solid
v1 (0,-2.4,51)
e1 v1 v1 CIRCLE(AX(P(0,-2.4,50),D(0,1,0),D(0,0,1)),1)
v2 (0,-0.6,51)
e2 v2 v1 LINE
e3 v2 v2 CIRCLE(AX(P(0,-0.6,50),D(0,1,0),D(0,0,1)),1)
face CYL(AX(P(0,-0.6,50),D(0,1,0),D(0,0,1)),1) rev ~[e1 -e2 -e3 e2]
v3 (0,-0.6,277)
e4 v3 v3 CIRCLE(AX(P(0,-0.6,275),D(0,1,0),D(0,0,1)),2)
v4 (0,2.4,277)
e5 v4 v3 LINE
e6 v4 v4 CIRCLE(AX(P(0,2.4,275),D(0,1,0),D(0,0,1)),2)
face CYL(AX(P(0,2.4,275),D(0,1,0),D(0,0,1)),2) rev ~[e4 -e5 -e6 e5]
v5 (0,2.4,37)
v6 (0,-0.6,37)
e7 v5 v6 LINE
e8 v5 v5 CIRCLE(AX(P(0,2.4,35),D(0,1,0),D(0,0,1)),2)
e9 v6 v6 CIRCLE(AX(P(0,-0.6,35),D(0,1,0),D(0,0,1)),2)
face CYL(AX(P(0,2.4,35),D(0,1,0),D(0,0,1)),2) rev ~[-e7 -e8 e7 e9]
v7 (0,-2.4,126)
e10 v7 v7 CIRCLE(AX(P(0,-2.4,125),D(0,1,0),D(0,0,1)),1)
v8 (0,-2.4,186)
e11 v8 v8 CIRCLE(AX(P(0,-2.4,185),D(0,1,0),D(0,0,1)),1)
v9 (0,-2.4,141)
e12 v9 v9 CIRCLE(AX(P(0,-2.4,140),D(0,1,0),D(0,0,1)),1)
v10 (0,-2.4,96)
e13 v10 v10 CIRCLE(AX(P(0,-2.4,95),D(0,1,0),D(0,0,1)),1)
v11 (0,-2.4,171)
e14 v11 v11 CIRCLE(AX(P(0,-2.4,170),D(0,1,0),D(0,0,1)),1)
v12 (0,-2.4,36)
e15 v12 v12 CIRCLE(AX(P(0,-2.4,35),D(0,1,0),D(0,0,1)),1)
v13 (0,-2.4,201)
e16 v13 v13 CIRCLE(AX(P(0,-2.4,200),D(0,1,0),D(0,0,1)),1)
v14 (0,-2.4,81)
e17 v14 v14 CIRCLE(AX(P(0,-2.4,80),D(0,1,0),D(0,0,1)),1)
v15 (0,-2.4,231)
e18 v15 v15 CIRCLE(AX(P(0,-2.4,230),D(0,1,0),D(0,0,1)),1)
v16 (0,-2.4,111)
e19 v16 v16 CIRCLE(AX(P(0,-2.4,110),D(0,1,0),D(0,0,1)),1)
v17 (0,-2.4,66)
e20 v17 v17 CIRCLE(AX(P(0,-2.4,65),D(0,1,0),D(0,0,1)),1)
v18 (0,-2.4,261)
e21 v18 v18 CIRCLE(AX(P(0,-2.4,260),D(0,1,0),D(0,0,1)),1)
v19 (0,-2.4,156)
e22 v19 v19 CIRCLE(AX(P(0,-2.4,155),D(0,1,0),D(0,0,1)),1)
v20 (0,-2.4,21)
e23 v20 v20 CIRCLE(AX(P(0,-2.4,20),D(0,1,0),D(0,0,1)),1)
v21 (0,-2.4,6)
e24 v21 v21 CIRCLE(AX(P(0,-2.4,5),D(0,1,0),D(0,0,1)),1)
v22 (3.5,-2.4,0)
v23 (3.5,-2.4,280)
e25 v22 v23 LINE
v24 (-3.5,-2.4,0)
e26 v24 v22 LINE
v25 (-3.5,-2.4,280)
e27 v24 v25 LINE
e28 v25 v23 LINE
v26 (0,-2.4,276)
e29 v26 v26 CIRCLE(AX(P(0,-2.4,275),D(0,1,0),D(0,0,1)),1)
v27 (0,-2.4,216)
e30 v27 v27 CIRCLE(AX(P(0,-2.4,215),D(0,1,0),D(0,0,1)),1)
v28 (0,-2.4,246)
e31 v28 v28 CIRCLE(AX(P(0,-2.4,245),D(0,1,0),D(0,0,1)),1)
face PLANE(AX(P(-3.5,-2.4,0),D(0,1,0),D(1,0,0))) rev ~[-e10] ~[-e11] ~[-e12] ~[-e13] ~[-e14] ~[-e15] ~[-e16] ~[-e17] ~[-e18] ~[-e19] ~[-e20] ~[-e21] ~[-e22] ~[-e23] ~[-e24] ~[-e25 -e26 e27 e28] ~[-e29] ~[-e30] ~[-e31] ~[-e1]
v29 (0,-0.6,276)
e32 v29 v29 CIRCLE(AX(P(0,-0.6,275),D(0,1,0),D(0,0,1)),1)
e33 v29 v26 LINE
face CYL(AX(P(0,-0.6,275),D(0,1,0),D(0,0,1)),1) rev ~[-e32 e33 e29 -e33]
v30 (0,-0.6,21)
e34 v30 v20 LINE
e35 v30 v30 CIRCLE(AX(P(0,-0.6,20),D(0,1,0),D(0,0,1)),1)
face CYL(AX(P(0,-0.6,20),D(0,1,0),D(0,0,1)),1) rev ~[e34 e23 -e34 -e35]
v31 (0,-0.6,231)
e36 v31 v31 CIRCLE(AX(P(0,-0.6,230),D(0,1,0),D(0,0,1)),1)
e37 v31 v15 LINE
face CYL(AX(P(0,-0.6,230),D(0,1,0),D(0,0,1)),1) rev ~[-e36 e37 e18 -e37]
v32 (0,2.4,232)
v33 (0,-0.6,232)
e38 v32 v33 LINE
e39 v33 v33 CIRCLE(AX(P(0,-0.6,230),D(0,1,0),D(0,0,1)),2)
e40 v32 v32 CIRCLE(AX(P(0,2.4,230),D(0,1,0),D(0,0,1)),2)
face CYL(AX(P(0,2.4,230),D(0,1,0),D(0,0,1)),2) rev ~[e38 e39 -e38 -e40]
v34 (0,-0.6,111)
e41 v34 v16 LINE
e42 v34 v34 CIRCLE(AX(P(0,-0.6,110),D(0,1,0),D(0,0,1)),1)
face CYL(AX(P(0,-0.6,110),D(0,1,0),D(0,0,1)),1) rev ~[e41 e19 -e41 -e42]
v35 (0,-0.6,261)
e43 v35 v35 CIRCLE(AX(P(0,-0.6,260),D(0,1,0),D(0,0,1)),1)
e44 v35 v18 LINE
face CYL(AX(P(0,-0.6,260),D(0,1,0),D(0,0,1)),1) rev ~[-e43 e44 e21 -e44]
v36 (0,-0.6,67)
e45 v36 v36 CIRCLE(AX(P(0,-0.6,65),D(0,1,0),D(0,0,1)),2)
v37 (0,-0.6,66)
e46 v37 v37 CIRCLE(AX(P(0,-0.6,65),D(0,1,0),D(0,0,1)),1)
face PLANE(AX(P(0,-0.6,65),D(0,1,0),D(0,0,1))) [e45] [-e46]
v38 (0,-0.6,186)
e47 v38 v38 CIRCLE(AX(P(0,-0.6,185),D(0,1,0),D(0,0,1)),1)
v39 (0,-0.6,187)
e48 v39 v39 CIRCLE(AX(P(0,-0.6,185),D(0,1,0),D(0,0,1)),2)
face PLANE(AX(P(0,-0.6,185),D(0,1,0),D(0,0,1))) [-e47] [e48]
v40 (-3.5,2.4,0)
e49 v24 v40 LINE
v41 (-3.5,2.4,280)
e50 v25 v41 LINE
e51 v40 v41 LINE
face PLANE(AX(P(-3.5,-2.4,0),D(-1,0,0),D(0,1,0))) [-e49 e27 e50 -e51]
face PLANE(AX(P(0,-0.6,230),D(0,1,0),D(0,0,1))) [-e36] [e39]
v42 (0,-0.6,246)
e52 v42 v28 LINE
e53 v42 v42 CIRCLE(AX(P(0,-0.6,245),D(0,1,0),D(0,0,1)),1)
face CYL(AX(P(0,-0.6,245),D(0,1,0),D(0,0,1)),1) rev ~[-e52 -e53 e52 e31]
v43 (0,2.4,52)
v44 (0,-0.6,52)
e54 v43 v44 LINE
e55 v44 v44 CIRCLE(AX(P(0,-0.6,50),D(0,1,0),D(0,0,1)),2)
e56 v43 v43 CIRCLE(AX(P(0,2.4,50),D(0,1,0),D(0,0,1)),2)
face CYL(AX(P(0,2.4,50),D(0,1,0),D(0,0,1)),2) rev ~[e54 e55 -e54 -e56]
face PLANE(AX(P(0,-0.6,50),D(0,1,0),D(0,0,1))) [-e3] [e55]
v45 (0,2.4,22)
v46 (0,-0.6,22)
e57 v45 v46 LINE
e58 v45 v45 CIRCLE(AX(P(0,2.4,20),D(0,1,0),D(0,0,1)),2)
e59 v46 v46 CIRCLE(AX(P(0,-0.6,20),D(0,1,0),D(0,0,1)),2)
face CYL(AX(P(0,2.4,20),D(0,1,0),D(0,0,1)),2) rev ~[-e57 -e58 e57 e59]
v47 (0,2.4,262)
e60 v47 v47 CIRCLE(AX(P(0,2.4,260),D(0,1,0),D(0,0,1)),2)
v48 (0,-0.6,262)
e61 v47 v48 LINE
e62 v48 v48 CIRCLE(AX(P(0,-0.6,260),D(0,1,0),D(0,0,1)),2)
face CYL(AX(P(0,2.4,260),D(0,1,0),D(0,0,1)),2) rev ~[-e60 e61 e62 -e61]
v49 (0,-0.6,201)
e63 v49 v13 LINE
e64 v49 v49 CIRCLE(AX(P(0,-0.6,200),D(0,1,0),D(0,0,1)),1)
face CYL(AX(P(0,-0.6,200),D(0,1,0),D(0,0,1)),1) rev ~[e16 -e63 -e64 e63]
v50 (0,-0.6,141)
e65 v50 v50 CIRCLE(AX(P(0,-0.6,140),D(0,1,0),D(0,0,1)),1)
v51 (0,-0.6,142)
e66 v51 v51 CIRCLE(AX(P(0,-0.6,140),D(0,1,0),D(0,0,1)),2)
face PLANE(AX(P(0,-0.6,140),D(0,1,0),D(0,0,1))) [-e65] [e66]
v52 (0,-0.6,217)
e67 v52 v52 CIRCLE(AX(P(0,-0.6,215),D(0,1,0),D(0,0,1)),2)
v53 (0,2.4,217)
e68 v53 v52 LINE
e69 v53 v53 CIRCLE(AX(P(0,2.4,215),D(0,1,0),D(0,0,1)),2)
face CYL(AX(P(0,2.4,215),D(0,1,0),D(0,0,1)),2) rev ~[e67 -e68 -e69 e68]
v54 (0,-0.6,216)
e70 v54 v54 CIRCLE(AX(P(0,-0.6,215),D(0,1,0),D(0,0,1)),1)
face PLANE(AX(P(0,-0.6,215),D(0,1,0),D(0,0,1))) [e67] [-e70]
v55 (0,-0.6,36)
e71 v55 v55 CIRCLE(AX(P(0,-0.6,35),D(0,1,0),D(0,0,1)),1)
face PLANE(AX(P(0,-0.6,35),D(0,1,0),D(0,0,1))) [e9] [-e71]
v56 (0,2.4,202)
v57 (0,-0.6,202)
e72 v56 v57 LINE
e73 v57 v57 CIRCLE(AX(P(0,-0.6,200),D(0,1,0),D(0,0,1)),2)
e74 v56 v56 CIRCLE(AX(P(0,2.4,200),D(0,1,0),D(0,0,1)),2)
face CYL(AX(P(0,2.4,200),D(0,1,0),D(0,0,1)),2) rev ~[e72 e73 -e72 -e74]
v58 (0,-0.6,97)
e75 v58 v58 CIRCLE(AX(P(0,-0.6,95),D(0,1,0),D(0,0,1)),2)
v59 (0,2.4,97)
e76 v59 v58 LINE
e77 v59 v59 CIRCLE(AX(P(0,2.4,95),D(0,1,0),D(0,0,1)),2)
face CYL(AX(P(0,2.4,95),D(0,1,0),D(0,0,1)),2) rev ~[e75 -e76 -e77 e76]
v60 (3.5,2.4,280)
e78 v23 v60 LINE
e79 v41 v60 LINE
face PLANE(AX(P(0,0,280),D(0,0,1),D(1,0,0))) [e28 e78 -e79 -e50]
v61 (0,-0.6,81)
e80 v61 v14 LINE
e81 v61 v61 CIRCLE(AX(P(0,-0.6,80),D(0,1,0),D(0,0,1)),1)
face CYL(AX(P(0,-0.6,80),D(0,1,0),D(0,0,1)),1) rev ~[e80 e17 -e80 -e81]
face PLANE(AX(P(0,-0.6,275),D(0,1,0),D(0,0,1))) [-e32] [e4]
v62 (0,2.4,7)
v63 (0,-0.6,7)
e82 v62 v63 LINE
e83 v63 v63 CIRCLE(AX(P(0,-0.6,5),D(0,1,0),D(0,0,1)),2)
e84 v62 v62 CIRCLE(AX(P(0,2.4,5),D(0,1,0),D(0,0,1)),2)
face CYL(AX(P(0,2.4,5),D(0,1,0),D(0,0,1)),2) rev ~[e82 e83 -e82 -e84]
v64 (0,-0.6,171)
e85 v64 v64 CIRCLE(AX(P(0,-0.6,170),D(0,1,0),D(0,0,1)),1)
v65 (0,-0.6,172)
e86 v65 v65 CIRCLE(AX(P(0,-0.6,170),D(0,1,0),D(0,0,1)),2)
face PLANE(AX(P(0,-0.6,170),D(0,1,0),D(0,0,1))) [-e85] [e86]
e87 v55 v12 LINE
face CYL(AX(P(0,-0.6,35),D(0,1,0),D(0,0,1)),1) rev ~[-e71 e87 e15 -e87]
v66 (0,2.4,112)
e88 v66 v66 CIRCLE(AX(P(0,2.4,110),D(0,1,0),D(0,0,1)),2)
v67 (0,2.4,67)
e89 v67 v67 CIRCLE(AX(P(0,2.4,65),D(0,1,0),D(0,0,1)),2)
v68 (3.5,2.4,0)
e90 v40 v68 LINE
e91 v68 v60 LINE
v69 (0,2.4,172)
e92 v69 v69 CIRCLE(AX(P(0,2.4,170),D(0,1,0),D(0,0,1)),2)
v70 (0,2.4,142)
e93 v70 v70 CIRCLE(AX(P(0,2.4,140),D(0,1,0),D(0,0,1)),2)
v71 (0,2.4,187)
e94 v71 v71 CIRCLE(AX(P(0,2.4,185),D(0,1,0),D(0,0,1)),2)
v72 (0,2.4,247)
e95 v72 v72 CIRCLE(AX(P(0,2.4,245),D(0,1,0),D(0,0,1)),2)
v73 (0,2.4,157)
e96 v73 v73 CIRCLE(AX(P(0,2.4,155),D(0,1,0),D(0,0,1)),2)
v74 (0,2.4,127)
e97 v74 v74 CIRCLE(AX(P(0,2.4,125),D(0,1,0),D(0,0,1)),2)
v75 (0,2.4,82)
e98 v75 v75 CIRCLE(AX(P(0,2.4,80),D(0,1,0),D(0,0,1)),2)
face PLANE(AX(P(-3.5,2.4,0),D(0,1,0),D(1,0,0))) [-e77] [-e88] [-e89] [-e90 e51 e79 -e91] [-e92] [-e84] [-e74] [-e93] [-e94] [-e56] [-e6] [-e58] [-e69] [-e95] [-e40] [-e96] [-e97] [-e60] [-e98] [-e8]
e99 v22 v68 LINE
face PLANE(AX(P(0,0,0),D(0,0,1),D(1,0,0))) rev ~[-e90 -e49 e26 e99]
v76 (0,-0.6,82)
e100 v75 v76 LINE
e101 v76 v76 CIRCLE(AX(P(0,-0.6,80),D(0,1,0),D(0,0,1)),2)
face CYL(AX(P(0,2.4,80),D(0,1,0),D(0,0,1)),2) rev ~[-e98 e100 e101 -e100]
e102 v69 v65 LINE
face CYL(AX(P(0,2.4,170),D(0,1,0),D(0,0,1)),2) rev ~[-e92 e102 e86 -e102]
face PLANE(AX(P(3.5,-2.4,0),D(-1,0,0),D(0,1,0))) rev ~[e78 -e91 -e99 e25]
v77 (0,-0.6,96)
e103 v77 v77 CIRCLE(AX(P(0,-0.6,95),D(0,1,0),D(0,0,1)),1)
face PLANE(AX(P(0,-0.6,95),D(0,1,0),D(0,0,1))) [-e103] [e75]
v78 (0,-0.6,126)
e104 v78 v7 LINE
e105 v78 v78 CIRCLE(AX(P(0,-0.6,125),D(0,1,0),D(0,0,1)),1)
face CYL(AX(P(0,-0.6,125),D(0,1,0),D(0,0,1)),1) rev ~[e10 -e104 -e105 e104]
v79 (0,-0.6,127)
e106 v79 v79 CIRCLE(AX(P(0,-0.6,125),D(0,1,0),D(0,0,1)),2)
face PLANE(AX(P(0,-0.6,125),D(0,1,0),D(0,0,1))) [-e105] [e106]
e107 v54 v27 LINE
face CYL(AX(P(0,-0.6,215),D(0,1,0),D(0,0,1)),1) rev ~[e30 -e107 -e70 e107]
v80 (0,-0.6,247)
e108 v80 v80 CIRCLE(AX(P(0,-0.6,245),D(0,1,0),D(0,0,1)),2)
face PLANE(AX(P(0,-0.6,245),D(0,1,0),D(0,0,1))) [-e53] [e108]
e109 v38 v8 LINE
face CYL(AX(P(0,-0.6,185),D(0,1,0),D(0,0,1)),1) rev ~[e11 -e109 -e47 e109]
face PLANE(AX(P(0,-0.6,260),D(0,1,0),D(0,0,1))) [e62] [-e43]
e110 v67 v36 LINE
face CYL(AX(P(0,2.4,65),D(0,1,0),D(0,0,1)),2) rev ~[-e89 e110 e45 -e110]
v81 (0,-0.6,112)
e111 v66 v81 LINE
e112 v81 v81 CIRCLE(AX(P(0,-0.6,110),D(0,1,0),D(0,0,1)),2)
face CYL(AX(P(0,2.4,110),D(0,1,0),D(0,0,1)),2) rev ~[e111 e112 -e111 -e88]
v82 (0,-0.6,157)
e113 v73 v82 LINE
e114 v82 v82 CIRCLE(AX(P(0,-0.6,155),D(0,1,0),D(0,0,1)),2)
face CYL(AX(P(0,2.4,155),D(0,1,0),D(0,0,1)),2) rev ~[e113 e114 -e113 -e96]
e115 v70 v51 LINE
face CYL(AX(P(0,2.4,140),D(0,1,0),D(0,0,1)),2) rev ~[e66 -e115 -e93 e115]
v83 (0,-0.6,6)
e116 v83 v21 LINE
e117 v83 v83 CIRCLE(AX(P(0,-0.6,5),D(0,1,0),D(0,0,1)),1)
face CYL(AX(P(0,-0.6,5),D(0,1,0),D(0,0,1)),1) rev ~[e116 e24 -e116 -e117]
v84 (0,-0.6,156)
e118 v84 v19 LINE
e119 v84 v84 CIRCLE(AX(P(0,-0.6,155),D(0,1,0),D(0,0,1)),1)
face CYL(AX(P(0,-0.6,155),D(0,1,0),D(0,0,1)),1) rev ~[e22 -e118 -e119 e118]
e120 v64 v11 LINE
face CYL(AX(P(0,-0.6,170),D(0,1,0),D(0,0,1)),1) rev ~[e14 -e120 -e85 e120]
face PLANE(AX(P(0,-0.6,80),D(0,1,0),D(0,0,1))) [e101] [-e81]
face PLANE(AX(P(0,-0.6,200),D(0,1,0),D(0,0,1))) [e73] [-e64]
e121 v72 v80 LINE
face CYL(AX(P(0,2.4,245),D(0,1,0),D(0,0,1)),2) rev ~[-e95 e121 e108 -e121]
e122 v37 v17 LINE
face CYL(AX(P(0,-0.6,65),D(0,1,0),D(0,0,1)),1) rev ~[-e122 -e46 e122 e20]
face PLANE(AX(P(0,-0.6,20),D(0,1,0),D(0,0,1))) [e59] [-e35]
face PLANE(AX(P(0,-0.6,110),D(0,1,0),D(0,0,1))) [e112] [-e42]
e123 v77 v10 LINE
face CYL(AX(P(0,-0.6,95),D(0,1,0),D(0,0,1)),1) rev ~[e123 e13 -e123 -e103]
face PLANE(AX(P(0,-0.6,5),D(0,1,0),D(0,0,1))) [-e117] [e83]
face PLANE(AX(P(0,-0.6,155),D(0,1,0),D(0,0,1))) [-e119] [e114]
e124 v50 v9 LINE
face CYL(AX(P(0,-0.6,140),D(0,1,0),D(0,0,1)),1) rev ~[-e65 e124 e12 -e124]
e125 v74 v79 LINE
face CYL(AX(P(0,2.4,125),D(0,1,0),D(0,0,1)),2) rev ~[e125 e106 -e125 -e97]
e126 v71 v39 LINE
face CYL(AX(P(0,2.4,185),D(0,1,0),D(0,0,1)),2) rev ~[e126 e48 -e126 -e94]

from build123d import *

# Parameters (mm, degrees)
SKETCH_1_W             = 7
SKETCH_1_H             = 4.8
EXTRUDE_1_DEPTH        = 280
SKETCH_2_R             = 2
CUT_EXTRUDE_1_DEPTH    = 3
SKETCH_3_R             = 1
CUT_EXTRUDE_2_DEPTH    = 3
PATTERN_LINEAR_1_COUNT = 19
PATTERN_LINEAR_1_PITCH = 15
PATTERN_LINEAR_2_COUNT = 19
PATTERN_LINEAR_2_PITCH = 15


with BuildPart() as part:
    # 草图1 → 凸台-拉伸1 (new body)
    with BuildSketch(Plane.XY):
        Rectangle(SKETCH_1_W, SKETCH_1_H)
    extrude(amount=EXTRUDE_1_DEPTH)

    # 草图2 → 切除-拉伸1 (cut)
    with BuildSketch(Plane(origin=(0, 2.4, 0), x_dir=(1, 0, 0), z_dir=(0, 1, 0))):
        with Locations(Location((0, -5, 0), (0, 0, 270))):
            Circle(SKETCH_2_R)
    cut_extrude_1 = extrude(amount=-CUT_EXTRUDE_1_DEPTH, mode=Mode.SUBTRACT)

    # 草图3 → 切除-拉伸2 (cut)
    with BuildSketch(Plane(origin=(0, -0.6, 0), x_dir=(1, 0, 0), z_dir=(0, 1, 0))):
        with Locations(Location((0, -5, 0), (0, 0, 270))):
            Circle(SKETCH_3_R)
    cut_extrude_2 = extrude(amount=-CUT_EXTRUDE_2_DEPTH, mode=Mode.SUBTRACT)

    # 阵列(线性)1: 切除-拉伸2 ×19
    with Locations(*[(0, 0, i * PATTERN_LINEAR_1_PITCH) for i in range(1, PATTERN_LINEAR_1_COUNT)]):
        add(cut_extrude_2, mode=Mode.SUBTRACT)

    # 阵列(线性)2: 切除-拉伸1 ×19
    with Locations(*[(0, 0, i * PATTERN_LINEAR_2_PITCH) for i in range(1, PATTERN_LINEAR_2_COUNT)]):
        add(cut_extrude_1, mode=Mode.SUBTRACT)


solid = part.part
